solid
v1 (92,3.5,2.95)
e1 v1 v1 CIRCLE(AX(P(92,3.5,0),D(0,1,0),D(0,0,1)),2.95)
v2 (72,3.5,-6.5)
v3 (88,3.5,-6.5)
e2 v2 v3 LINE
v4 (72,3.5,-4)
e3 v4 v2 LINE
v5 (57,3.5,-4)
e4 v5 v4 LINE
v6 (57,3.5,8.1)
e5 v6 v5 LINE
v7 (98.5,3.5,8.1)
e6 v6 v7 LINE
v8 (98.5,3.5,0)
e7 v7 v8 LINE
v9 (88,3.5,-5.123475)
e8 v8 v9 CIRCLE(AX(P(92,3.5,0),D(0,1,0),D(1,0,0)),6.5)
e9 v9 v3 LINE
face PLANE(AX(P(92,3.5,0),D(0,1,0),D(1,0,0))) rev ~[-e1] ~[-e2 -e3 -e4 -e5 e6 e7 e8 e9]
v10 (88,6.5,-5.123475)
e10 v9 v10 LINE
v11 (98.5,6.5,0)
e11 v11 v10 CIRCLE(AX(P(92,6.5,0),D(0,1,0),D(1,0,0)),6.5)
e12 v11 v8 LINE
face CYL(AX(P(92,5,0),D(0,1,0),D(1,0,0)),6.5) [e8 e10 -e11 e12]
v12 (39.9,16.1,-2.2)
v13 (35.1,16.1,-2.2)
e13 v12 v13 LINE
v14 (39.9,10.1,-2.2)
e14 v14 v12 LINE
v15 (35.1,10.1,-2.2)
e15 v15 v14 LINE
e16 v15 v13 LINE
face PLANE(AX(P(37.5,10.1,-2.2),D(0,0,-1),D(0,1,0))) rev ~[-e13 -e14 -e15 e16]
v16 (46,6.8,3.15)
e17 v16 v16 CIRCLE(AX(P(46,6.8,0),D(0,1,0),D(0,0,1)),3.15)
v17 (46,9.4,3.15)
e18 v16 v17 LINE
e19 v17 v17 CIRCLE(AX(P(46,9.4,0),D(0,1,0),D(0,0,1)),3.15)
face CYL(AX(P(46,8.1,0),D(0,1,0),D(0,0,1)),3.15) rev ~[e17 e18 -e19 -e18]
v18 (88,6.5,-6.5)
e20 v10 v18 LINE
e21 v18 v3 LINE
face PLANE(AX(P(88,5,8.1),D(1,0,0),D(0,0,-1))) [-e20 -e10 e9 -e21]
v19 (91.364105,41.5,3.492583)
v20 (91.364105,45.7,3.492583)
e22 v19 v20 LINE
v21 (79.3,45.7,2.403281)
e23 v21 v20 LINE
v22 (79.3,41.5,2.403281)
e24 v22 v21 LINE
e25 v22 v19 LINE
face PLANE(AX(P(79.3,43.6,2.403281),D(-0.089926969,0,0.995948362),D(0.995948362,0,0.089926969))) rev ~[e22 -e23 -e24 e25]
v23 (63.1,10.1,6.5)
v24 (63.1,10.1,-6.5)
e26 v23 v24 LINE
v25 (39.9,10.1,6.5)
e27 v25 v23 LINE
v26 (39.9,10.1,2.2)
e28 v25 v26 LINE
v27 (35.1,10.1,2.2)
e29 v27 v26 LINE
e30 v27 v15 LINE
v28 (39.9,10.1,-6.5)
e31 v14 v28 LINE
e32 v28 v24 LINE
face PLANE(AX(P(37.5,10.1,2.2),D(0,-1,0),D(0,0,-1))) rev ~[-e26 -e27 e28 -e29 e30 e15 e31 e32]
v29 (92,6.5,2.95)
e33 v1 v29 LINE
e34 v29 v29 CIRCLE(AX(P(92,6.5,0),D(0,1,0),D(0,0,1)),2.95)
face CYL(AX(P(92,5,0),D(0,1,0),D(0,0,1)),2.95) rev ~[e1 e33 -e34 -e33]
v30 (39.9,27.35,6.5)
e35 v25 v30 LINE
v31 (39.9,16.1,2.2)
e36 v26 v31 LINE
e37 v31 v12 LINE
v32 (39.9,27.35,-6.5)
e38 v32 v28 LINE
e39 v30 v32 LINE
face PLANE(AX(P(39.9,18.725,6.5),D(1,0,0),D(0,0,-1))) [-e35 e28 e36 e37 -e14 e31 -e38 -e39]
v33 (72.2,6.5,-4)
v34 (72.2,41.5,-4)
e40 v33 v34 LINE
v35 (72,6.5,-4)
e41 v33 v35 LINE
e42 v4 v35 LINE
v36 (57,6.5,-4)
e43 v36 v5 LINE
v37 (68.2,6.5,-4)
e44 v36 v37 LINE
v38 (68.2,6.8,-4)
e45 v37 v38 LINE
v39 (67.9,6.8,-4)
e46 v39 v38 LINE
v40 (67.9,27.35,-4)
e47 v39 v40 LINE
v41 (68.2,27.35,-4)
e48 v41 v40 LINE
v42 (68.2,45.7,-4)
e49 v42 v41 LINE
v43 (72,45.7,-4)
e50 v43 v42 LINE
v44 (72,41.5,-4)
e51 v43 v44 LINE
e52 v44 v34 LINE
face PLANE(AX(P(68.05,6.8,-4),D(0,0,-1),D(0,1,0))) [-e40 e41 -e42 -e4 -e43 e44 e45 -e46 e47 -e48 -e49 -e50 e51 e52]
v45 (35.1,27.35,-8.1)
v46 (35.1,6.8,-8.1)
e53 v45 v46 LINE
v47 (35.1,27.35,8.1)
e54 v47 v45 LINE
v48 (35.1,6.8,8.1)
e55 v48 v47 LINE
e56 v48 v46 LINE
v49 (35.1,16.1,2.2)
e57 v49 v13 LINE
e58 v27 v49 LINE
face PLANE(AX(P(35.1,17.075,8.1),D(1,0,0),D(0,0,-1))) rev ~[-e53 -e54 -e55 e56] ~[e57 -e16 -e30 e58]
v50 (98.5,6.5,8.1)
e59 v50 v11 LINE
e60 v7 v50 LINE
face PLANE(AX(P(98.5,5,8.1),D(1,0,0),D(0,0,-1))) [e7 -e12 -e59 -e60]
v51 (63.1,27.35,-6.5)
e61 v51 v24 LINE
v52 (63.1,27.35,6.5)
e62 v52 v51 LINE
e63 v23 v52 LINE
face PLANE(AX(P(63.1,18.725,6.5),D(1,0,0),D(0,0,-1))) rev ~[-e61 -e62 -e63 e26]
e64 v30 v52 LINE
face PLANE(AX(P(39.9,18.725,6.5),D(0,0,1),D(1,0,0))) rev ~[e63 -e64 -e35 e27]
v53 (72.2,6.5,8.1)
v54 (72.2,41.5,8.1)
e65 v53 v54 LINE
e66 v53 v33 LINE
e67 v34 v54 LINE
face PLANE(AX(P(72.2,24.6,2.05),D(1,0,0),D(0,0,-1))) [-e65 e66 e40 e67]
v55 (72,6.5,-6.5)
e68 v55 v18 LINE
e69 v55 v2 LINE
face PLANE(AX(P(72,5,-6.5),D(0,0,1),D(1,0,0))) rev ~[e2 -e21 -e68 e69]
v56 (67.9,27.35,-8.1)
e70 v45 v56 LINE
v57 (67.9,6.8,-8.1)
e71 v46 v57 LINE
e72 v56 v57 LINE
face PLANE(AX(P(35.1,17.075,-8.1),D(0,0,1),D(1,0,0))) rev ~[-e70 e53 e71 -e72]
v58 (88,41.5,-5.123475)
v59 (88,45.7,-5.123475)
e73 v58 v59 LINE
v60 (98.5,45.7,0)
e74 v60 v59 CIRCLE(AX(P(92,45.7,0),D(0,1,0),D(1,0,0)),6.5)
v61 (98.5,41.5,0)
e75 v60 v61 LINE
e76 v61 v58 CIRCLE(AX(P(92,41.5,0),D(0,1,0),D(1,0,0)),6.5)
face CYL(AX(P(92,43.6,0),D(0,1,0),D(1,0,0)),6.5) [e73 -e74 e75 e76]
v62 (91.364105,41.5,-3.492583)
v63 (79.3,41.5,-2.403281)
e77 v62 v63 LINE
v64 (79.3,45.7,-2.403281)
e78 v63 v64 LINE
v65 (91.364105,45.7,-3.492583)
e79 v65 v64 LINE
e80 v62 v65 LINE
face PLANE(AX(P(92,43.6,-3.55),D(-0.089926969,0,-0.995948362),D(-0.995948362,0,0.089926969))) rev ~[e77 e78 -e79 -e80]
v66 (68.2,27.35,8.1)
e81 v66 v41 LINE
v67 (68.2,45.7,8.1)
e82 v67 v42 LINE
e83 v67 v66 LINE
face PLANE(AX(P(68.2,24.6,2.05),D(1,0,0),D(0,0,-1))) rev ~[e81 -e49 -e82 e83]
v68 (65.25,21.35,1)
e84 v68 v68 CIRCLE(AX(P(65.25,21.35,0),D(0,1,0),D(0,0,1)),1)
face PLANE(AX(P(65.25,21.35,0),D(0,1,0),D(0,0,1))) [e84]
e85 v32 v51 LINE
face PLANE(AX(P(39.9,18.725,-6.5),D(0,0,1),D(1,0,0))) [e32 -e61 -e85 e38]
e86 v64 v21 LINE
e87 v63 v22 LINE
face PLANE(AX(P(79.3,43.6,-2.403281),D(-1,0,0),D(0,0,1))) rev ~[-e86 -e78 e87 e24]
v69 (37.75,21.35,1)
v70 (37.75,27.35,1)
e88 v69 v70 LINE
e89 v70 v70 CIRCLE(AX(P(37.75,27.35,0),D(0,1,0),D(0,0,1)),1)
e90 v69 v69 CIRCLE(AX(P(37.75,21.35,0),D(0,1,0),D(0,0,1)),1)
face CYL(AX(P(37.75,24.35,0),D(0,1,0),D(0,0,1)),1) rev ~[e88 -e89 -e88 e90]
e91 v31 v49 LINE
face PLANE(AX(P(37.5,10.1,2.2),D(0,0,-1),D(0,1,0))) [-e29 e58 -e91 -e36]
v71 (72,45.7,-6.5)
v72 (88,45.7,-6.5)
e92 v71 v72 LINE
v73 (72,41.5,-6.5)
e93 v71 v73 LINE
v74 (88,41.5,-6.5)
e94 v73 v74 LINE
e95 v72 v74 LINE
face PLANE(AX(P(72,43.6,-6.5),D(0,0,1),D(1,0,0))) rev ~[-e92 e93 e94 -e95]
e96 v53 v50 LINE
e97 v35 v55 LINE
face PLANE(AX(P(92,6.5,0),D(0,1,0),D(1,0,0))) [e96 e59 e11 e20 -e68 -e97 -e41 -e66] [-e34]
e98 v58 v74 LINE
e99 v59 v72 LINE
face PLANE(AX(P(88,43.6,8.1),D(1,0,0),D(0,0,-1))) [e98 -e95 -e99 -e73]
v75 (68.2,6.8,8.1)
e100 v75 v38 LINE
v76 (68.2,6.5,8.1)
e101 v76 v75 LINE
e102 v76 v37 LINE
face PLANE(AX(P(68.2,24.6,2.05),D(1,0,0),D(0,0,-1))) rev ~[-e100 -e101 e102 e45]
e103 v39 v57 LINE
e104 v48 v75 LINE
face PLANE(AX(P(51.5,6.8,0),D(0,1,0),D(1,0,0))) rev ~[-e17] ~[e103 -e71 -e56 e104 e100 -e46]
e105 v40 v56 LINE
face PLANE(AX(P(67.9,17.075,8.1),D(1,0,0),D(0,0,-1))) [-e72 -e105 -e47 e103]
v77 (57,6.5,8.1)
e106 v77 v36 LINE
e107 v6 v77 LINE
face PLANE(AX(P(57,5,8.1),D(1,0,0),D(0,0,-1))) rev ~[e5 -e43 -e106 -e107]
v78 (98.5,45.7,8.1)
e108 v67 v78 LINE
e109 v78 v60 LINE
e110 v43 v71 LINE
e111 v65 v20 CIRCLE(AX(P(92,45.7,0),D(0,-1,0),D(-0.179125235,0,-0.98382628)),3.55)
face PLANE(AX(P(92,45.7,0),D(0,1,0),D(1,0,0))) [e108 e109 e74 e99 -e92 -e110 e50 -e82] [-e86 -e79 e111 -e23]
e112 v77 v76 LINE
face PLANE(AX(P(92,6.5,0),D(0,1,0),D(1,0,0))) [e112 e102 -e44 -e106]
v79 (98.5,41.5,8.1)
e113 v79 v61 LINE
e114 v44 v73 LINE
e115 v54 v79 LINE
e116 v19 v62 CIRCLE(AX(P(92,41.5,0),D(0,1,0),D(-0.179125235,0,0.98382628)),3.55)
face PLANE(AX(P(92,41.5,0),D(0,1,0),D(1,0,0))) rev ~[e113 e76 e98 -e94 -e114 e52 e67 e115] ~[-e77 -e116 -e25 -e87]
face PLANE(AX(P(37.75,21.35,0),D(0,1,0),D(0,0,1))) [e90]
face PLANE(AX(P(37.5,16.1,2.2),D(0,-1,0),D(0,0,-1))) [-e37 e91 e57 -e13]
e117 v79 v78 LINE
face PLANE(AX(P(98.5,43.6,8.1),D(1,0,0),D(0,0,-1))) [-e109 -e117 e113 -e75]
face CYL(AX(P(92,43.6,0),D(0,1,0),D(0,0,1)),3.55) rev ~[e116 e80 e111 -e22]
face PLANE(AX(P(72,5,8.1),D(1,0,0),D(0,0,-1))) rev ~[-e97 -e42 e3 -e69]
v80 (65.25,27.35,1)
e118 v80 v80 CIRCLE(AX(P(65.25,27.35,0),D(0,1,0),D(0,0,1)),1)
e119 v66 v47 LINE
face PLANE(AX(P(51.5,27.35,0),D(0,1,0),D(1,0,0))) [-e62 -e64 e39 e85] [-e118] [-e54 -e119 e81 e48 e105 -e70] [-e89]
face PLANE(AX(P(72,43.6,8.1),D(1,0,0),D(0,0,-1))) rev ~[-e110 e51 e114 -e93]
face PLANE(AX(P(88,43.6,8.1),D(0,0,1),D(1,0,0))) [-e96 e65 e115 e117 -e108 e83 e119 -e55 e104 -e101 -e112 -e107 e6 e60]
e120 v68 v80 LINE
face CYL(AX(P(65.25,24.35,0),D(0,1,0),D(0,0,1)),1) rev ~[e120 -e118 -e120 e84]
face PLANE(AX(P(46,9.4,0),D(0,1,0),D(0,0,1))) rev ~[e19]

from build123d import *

# Parameters (mm, degrees)
BOSS_EXTRUDE1_START  = 17.075
SKETCH1_W            = 32.8
SKETCH1_H            = 16.2
BOSS_EXTRUDE1_DEPTH  = 10.275
BOSS_EXTRUDE2_START  = 5
SKETCH2_W            = 31
SKETCH2_H            = 12.1
BOSS_EXTRUDE2_DEPTH  = 1.5
BOSS_EXTRUDE3_START  = 5
SKETCH3_W            = 16
SKETCH3_H            = 14.6
BOSS_EXTRUDE3_DEPTH  = 1.5
BOSS_EXTRUDE4_START  = 5
SKETCH4_W            = 10.5
SKETCH4_H            = 8.1
BOSS_EXTRUDE4_DEPTH  = 1.5
BOSS_EXTRUDE5_START  = 5
SKETCH5_R            = 6.5
BOSS_EXTRUDE5_DEPTH  = 1.5
CUT_EXTRUDE1_START   = 5
SKETCH6_R            = 2.95
CUT_EXTRUDE1_DEPTH   = 1.5
BOSS_EXTRUDE6_START  = 70.2
SKETCH7_W            = 12.1
SKETCH7_H            = 42.2
BOSS_EXTRUDE6_DEPTH  = 2
BOSS_EXTRUDE7_START  = 68.05
SKETCH8_W            = 12.1
SKETCH8_H            = 20.55
BOSS_EXTRUDE7_DEPTH  = 1.15
BOSS_EXTRUDE8_START  = 43.6
SKETCH9_W            = 19.8
SKETCH9_H            = 12.1
BOSS_EXTRUDE8_DEPTH  = 2.1
BOSS_EXTRUDE9_START  = 43.6
SKETCH10_W           = 16
SKETCH10_H           = 14.6
BOSS_EXTRUDE9_DEPTH  = 2.1
BOSS_EXTRUDE10_START = 43.6
SKETCH11_W           = 10.5
SKETCH11_H           = 8.1
BOSS_EXTRUDE10_DEPTH = 2.1
BOSS_EXTRUDE11_START = 43.6
SKETCH12_R           = 6.5
BOSS_EXTRUDE11_DEPTH = 2.1
CUT_EXTRUDE2_START   = 43.6
SKETCH13_R           = 3.55
CUT_EXTRUDE2_DEPTH   = 2.1
CUT_EXTRUDE3_START   = 43.6
CUT_EXTRUDE3_DEPTH   = 2.1
CUT_EXTRUDE4_START   = 18.725
SKETCH15_W           = 23.2
SKETCH15_H           = 13
CUT_EXTRUDE4_DEPTH   = 8.625
CUT_EXTRUDE5_START   = 24.35
SKETCH16_R           = 1
CUT_EXTRUDE5_DEPTH   = 3
CUT_EXTRUDE6_START   = 24.35
SKETCH17_R           = 1
CUT_EXTRUDE6_DEPTH   = 3
CUT_EXTRUDE7_START   = 8.1
SKETCH18_R           = 3.15
CUT_EXTRUDE7_DEPTH   = 1.3
CUT_EXTRUDE8_START   = 37.5
SKETCH19_W           = 4.4
SKETCH19_H           = 6
CUT_EXTRUDE8_DEPTH   = 2.4


with BuildPart() as part:
    # Sketch1 → Boss-Extrude1 (new, symmetric)
    with BuildSketch(Plane(origin=(0, 0, 0), x_dir=(1, 0, 0), z_dir=(0, 1, 0)).offset(BOSS_EXTRUDE1_START)):
        with Locations((51.5, 0)):
            Rectangle(SKETCH1_W, SKETCH1_H)
    extrude(amount=BOSS_EXTRUDE1_DEPTH, both=True)



with BuildPart() as body_2:
    # Sketch2 → Boss-Extrude2 (new, symmetric)
    with BuildSketch(Plane(origin=(0, 0, 0), x_dir=(1, 0, 0), z_dir=(0, 1, 0)).offset(BOSS_EXTRUDE2_START)):
        with Locations((72.5, -2.05)):
            Rectangle(SKETCH2_W, SKETCH2_H)
    extrude(amount=BOSS_EXTRUDE2_DEPTH, both=True)

    # Sketch3 → Boss-Extrude3 (add, symmetric)
    with BuildSketch(Plane(origin=(0, 0, 0), x_dir=(1, 0, 0), z_dir=(0, 1, 0)).offset(BOSS_EXTRUDE3_START)):
        with Locations((80, -0.8)):
            Rectangle(SKETCH3_W, SKETCH3_H)
    extrude(amount=BOSS_EXTRUDE3_DEPTH, both=True)

    # Sketch4 → Boss-Extrude4 (add, symmetric)
    with BuildSketch(Plane(origin=(0, 0, 0), x_dir=(1, 0, 0), z_dir=(0, 1, 0)).offset(BOSS_EXTRUDE4_START)):
        with Locations((93.25, -4.05)):
            Rectangle(SKETCH4_W, SKETCH4_H)
    extrude(amount=BOSS_EXTRUDE4_DEPTH, both=True)

    # Sketch5 → Boss-Extrude5 (add, symmetric)
    with BuildSketch(Plane(origin=(0, 0, 0), x_dir=(1, 0, 0), z_dir=(0, 1, 0)).offset(BOSS_EXTRUDE5_START)):
        with Locations((92, 0)):
            Circle(SKETCH5_R)
    extrude(amount=BOSS_EXTRUDE5_DEPTH, both=True)

    # Sketch6 → Cut-Extrude1 (cut, symmetric)
    with BuildSketch(Plane(origin=(0, 0, 0), x_dir=(1, 0, 0), z_dir=(0, 1, 0)).offset(CUT_EXTRUDE1_START)):
        with Locations(Location((92, 0, 0), (0, 0, 270))):
            Circle(SKETCH6_R)
    extrude(amount=CUT_EXTRUDE1_DEPTH, both=True, mode=Mode.SUBTRACT)

    # Sketch7 → Boss-Extrude6 (add, symmetric)
    with BuildSketch(Plane(origin=(0, 0, 0), x_dir=(0, 0, -1), z_dir=(1, 0, 0)).offset(BOSS_EXTRUDE6_START)):
        with Locations((-2.05, 24.6)):
            Rectangle(SKETCH7_W, SKETCH7_H)
    extrude(amount=BOSS_EXTRUDE6_DEPTH, both=True)


with BuildPart() as part_1:
    add(part.part)

    add(body_2.part)  # Boss-Extrude7 merges body 2
    # Sketch8 → Boss-Extrude7 (add, symmetric)
    with BuildSketch(Plane(origin=(0, 0, 0), x_dir=(0, 0, -1), z_dir=(1, 0, 0)).offset(BOSS_EXTRUDE7_START)):
        with Locations((-2.05, 17.075)):
            Rectangle(SKETCH8_W, SKETCH8_H)
    extrude(amount=BOSS_EXTRUDE7_DEPTH, both=True)

    # Sketch9 → Boss-Extrude8 (add, symmetric)
    with BuildSketch(Plane(origin=(0, 0, 0), x_dir=(1, 0, 0), z_dir=(0, 1, 0)).offset(BOSS_EXTRUDE8_START)):
        with Locations((78.1, -2.05)):
            Rectangle(SKETCH9_W, SKETCH9_H)
    extrude(amount=BOSS_EXTRUDE8_DEPTH, both=True)

    # Sketch10 → Boss-Extrude9 (add, symmetric)
    with BuildSketch(Plane(origin=(0, 0, 0), x_dir=(1, 0, 0), z_dir=(0, 1, 0)).offset(BOSS_EXTRUDE9_START)):
        with Locations((80, -0.8)):
            Rectangle(SKETCH10_W, SKETCH10_H)
    extrude(amount=BOSS_EXTRUDE9_DEPTH, both=True)

    # Sketch11 → Boss-Extrude10 (add, symmetric)
    with BuildSketch(Plane(origin=(0, 0, 0), x_dir=(1, 0, 0), z_dir=(0, 1, 0)).offset(BOSS_EXTRUDE10_START)):
        with Locations((93.25, -4.05)):
            Rectangle(SKETCH11_W, SKETCH11_H)
    extrude(amount=BOSS_EXTRUDE10_DEPTH, both=True)

    # Sketch12 → Boss-Extrude11 (add, symmetric)
    with BuildSketch(Plane(origin=(0, 0, 0), x_dir=(1, 0, 0), z_dir=(0, 1, 0)).offset(BOSS_EXTRUDE11_START)):
        with Locations((92, 0)):
            Circle(SKETCH12_R)
    extrude(amount=BOSS_EXTRUDE11_DEPTH, both=True)

    # Sketch13 → Cut-Extrude2 (cut, symmetric)
    with BuildSketch(Plane(origin=(0, 0, 0), x_dir=(1, 0, 0), z_dir=(0, 1, 0)).offset(CUT_EXTRUDE2_START)):
        with Locations(Location((92, 0, 0), (0, 0, 270))):
            Circle(SKETCH13_R)
    extrude(amount=CUT_EXTRUDE2_DEPTH, both=True, mode=Mode.SUBTRACT)

    # Sketch14 → Cut-Extrude3 (cut, symmetric)
    with BuildSketch(Plane(origin=(0, 0, 0), x_dir=(1, 0, 0), z_dir=(0, 1, 0)).offset(CUT_EXTRUDE3_START)):
        Polygon((92, 3.55), (79.3, 2.403281405), (79.3, -2.403281405), (92, -3.55), align=None)
    extrude(amount=CUT_EXTRUDE3_DEPTH, both=True, mode=Mode.SUBTRACT)

    # Sketch15 → Cut-Extrude4 (cut, symmetric)
    with BuildSketch(Plane(origin=(0, 0, 0), x_dir=(1, 0, 0), z_dir=(0, 1, 0)).offset(CUT_EXTRUDE4_START)):
        with Locations((51.5, 0)):
            Rectangle(SKETCH15_W, SKETCH15_H)
    extrude(amount=CUT_EXTRUDE4_DEPTH, both=True, mode=Mode.SUBTRACT)

    # Sketch16 → Cut-Extrude5 (cut, symmetric)
    with BuildSketch(Plane(origin=(0, 0, 0), x_dir=(1, 0, 0), z_dir=(0, 1, 0)).offset(CUT_EXTRUDE5_START)):
        with Locations(Location((65.25, 0, 0), (0, 0, 270))):
            Circle(SKETCH16_R)
    extrude(amount=CUT_EXTRUDE5_DEPTH, both=True, mode=Mode.SUBTRACT)

    # Sketch17 → Cut-Extrude6 (cut, symmetric)
    with BuildSketch(Plane(origin=(0, 0, 0), x_dir=(1, 0, 0), z_dir=(0, 1, 0)).offset(CUT_EXTRUDE6_START)):
        with Locations(Location((37.75, 0, 0), (0, 0, 270))):
            Circle(SKETCH17_R)
    extrude(amount=CUT_EXTRUDE6_DEPTH, both=True, mode=Mode.SUBTRACT)

    # Sketch18 → Cut-Extrude7 (cut, symmetric)
    with BuildSketch(Plane(origin=(0, 0, 0), x_dir=(1, 0, 0), z_dir=(0, 1, 0)).offset(CUT_EXTRUDE7_START)):
        with Locations(Location((46, 0, 0), (0, 0, 270))):
            Circle(SKETCH18_R)
    extrude(amount=CUT_EXTRUDE7_DEPTH, both=True, mode=Mode.SUBTRACT)

    # Sketch19 → Cut-Extrude8 (cut, symmetric)
    with BuildSketch(Plane(origin=(0, 0, 0), x_dir=(0, 0, -1), z_dir=(1, 0, 0)).offset(CUT_EXTRUDE8_START)):
        with Locations((0, 13.1)):
            Rectangle(SKETCH19_W, SKETCH19_H)
    extrude(amount=CUT_EXTRUDE8_DEPTH, both=True, mode=Mode.SUBTRACT)


solid = part_1.part
